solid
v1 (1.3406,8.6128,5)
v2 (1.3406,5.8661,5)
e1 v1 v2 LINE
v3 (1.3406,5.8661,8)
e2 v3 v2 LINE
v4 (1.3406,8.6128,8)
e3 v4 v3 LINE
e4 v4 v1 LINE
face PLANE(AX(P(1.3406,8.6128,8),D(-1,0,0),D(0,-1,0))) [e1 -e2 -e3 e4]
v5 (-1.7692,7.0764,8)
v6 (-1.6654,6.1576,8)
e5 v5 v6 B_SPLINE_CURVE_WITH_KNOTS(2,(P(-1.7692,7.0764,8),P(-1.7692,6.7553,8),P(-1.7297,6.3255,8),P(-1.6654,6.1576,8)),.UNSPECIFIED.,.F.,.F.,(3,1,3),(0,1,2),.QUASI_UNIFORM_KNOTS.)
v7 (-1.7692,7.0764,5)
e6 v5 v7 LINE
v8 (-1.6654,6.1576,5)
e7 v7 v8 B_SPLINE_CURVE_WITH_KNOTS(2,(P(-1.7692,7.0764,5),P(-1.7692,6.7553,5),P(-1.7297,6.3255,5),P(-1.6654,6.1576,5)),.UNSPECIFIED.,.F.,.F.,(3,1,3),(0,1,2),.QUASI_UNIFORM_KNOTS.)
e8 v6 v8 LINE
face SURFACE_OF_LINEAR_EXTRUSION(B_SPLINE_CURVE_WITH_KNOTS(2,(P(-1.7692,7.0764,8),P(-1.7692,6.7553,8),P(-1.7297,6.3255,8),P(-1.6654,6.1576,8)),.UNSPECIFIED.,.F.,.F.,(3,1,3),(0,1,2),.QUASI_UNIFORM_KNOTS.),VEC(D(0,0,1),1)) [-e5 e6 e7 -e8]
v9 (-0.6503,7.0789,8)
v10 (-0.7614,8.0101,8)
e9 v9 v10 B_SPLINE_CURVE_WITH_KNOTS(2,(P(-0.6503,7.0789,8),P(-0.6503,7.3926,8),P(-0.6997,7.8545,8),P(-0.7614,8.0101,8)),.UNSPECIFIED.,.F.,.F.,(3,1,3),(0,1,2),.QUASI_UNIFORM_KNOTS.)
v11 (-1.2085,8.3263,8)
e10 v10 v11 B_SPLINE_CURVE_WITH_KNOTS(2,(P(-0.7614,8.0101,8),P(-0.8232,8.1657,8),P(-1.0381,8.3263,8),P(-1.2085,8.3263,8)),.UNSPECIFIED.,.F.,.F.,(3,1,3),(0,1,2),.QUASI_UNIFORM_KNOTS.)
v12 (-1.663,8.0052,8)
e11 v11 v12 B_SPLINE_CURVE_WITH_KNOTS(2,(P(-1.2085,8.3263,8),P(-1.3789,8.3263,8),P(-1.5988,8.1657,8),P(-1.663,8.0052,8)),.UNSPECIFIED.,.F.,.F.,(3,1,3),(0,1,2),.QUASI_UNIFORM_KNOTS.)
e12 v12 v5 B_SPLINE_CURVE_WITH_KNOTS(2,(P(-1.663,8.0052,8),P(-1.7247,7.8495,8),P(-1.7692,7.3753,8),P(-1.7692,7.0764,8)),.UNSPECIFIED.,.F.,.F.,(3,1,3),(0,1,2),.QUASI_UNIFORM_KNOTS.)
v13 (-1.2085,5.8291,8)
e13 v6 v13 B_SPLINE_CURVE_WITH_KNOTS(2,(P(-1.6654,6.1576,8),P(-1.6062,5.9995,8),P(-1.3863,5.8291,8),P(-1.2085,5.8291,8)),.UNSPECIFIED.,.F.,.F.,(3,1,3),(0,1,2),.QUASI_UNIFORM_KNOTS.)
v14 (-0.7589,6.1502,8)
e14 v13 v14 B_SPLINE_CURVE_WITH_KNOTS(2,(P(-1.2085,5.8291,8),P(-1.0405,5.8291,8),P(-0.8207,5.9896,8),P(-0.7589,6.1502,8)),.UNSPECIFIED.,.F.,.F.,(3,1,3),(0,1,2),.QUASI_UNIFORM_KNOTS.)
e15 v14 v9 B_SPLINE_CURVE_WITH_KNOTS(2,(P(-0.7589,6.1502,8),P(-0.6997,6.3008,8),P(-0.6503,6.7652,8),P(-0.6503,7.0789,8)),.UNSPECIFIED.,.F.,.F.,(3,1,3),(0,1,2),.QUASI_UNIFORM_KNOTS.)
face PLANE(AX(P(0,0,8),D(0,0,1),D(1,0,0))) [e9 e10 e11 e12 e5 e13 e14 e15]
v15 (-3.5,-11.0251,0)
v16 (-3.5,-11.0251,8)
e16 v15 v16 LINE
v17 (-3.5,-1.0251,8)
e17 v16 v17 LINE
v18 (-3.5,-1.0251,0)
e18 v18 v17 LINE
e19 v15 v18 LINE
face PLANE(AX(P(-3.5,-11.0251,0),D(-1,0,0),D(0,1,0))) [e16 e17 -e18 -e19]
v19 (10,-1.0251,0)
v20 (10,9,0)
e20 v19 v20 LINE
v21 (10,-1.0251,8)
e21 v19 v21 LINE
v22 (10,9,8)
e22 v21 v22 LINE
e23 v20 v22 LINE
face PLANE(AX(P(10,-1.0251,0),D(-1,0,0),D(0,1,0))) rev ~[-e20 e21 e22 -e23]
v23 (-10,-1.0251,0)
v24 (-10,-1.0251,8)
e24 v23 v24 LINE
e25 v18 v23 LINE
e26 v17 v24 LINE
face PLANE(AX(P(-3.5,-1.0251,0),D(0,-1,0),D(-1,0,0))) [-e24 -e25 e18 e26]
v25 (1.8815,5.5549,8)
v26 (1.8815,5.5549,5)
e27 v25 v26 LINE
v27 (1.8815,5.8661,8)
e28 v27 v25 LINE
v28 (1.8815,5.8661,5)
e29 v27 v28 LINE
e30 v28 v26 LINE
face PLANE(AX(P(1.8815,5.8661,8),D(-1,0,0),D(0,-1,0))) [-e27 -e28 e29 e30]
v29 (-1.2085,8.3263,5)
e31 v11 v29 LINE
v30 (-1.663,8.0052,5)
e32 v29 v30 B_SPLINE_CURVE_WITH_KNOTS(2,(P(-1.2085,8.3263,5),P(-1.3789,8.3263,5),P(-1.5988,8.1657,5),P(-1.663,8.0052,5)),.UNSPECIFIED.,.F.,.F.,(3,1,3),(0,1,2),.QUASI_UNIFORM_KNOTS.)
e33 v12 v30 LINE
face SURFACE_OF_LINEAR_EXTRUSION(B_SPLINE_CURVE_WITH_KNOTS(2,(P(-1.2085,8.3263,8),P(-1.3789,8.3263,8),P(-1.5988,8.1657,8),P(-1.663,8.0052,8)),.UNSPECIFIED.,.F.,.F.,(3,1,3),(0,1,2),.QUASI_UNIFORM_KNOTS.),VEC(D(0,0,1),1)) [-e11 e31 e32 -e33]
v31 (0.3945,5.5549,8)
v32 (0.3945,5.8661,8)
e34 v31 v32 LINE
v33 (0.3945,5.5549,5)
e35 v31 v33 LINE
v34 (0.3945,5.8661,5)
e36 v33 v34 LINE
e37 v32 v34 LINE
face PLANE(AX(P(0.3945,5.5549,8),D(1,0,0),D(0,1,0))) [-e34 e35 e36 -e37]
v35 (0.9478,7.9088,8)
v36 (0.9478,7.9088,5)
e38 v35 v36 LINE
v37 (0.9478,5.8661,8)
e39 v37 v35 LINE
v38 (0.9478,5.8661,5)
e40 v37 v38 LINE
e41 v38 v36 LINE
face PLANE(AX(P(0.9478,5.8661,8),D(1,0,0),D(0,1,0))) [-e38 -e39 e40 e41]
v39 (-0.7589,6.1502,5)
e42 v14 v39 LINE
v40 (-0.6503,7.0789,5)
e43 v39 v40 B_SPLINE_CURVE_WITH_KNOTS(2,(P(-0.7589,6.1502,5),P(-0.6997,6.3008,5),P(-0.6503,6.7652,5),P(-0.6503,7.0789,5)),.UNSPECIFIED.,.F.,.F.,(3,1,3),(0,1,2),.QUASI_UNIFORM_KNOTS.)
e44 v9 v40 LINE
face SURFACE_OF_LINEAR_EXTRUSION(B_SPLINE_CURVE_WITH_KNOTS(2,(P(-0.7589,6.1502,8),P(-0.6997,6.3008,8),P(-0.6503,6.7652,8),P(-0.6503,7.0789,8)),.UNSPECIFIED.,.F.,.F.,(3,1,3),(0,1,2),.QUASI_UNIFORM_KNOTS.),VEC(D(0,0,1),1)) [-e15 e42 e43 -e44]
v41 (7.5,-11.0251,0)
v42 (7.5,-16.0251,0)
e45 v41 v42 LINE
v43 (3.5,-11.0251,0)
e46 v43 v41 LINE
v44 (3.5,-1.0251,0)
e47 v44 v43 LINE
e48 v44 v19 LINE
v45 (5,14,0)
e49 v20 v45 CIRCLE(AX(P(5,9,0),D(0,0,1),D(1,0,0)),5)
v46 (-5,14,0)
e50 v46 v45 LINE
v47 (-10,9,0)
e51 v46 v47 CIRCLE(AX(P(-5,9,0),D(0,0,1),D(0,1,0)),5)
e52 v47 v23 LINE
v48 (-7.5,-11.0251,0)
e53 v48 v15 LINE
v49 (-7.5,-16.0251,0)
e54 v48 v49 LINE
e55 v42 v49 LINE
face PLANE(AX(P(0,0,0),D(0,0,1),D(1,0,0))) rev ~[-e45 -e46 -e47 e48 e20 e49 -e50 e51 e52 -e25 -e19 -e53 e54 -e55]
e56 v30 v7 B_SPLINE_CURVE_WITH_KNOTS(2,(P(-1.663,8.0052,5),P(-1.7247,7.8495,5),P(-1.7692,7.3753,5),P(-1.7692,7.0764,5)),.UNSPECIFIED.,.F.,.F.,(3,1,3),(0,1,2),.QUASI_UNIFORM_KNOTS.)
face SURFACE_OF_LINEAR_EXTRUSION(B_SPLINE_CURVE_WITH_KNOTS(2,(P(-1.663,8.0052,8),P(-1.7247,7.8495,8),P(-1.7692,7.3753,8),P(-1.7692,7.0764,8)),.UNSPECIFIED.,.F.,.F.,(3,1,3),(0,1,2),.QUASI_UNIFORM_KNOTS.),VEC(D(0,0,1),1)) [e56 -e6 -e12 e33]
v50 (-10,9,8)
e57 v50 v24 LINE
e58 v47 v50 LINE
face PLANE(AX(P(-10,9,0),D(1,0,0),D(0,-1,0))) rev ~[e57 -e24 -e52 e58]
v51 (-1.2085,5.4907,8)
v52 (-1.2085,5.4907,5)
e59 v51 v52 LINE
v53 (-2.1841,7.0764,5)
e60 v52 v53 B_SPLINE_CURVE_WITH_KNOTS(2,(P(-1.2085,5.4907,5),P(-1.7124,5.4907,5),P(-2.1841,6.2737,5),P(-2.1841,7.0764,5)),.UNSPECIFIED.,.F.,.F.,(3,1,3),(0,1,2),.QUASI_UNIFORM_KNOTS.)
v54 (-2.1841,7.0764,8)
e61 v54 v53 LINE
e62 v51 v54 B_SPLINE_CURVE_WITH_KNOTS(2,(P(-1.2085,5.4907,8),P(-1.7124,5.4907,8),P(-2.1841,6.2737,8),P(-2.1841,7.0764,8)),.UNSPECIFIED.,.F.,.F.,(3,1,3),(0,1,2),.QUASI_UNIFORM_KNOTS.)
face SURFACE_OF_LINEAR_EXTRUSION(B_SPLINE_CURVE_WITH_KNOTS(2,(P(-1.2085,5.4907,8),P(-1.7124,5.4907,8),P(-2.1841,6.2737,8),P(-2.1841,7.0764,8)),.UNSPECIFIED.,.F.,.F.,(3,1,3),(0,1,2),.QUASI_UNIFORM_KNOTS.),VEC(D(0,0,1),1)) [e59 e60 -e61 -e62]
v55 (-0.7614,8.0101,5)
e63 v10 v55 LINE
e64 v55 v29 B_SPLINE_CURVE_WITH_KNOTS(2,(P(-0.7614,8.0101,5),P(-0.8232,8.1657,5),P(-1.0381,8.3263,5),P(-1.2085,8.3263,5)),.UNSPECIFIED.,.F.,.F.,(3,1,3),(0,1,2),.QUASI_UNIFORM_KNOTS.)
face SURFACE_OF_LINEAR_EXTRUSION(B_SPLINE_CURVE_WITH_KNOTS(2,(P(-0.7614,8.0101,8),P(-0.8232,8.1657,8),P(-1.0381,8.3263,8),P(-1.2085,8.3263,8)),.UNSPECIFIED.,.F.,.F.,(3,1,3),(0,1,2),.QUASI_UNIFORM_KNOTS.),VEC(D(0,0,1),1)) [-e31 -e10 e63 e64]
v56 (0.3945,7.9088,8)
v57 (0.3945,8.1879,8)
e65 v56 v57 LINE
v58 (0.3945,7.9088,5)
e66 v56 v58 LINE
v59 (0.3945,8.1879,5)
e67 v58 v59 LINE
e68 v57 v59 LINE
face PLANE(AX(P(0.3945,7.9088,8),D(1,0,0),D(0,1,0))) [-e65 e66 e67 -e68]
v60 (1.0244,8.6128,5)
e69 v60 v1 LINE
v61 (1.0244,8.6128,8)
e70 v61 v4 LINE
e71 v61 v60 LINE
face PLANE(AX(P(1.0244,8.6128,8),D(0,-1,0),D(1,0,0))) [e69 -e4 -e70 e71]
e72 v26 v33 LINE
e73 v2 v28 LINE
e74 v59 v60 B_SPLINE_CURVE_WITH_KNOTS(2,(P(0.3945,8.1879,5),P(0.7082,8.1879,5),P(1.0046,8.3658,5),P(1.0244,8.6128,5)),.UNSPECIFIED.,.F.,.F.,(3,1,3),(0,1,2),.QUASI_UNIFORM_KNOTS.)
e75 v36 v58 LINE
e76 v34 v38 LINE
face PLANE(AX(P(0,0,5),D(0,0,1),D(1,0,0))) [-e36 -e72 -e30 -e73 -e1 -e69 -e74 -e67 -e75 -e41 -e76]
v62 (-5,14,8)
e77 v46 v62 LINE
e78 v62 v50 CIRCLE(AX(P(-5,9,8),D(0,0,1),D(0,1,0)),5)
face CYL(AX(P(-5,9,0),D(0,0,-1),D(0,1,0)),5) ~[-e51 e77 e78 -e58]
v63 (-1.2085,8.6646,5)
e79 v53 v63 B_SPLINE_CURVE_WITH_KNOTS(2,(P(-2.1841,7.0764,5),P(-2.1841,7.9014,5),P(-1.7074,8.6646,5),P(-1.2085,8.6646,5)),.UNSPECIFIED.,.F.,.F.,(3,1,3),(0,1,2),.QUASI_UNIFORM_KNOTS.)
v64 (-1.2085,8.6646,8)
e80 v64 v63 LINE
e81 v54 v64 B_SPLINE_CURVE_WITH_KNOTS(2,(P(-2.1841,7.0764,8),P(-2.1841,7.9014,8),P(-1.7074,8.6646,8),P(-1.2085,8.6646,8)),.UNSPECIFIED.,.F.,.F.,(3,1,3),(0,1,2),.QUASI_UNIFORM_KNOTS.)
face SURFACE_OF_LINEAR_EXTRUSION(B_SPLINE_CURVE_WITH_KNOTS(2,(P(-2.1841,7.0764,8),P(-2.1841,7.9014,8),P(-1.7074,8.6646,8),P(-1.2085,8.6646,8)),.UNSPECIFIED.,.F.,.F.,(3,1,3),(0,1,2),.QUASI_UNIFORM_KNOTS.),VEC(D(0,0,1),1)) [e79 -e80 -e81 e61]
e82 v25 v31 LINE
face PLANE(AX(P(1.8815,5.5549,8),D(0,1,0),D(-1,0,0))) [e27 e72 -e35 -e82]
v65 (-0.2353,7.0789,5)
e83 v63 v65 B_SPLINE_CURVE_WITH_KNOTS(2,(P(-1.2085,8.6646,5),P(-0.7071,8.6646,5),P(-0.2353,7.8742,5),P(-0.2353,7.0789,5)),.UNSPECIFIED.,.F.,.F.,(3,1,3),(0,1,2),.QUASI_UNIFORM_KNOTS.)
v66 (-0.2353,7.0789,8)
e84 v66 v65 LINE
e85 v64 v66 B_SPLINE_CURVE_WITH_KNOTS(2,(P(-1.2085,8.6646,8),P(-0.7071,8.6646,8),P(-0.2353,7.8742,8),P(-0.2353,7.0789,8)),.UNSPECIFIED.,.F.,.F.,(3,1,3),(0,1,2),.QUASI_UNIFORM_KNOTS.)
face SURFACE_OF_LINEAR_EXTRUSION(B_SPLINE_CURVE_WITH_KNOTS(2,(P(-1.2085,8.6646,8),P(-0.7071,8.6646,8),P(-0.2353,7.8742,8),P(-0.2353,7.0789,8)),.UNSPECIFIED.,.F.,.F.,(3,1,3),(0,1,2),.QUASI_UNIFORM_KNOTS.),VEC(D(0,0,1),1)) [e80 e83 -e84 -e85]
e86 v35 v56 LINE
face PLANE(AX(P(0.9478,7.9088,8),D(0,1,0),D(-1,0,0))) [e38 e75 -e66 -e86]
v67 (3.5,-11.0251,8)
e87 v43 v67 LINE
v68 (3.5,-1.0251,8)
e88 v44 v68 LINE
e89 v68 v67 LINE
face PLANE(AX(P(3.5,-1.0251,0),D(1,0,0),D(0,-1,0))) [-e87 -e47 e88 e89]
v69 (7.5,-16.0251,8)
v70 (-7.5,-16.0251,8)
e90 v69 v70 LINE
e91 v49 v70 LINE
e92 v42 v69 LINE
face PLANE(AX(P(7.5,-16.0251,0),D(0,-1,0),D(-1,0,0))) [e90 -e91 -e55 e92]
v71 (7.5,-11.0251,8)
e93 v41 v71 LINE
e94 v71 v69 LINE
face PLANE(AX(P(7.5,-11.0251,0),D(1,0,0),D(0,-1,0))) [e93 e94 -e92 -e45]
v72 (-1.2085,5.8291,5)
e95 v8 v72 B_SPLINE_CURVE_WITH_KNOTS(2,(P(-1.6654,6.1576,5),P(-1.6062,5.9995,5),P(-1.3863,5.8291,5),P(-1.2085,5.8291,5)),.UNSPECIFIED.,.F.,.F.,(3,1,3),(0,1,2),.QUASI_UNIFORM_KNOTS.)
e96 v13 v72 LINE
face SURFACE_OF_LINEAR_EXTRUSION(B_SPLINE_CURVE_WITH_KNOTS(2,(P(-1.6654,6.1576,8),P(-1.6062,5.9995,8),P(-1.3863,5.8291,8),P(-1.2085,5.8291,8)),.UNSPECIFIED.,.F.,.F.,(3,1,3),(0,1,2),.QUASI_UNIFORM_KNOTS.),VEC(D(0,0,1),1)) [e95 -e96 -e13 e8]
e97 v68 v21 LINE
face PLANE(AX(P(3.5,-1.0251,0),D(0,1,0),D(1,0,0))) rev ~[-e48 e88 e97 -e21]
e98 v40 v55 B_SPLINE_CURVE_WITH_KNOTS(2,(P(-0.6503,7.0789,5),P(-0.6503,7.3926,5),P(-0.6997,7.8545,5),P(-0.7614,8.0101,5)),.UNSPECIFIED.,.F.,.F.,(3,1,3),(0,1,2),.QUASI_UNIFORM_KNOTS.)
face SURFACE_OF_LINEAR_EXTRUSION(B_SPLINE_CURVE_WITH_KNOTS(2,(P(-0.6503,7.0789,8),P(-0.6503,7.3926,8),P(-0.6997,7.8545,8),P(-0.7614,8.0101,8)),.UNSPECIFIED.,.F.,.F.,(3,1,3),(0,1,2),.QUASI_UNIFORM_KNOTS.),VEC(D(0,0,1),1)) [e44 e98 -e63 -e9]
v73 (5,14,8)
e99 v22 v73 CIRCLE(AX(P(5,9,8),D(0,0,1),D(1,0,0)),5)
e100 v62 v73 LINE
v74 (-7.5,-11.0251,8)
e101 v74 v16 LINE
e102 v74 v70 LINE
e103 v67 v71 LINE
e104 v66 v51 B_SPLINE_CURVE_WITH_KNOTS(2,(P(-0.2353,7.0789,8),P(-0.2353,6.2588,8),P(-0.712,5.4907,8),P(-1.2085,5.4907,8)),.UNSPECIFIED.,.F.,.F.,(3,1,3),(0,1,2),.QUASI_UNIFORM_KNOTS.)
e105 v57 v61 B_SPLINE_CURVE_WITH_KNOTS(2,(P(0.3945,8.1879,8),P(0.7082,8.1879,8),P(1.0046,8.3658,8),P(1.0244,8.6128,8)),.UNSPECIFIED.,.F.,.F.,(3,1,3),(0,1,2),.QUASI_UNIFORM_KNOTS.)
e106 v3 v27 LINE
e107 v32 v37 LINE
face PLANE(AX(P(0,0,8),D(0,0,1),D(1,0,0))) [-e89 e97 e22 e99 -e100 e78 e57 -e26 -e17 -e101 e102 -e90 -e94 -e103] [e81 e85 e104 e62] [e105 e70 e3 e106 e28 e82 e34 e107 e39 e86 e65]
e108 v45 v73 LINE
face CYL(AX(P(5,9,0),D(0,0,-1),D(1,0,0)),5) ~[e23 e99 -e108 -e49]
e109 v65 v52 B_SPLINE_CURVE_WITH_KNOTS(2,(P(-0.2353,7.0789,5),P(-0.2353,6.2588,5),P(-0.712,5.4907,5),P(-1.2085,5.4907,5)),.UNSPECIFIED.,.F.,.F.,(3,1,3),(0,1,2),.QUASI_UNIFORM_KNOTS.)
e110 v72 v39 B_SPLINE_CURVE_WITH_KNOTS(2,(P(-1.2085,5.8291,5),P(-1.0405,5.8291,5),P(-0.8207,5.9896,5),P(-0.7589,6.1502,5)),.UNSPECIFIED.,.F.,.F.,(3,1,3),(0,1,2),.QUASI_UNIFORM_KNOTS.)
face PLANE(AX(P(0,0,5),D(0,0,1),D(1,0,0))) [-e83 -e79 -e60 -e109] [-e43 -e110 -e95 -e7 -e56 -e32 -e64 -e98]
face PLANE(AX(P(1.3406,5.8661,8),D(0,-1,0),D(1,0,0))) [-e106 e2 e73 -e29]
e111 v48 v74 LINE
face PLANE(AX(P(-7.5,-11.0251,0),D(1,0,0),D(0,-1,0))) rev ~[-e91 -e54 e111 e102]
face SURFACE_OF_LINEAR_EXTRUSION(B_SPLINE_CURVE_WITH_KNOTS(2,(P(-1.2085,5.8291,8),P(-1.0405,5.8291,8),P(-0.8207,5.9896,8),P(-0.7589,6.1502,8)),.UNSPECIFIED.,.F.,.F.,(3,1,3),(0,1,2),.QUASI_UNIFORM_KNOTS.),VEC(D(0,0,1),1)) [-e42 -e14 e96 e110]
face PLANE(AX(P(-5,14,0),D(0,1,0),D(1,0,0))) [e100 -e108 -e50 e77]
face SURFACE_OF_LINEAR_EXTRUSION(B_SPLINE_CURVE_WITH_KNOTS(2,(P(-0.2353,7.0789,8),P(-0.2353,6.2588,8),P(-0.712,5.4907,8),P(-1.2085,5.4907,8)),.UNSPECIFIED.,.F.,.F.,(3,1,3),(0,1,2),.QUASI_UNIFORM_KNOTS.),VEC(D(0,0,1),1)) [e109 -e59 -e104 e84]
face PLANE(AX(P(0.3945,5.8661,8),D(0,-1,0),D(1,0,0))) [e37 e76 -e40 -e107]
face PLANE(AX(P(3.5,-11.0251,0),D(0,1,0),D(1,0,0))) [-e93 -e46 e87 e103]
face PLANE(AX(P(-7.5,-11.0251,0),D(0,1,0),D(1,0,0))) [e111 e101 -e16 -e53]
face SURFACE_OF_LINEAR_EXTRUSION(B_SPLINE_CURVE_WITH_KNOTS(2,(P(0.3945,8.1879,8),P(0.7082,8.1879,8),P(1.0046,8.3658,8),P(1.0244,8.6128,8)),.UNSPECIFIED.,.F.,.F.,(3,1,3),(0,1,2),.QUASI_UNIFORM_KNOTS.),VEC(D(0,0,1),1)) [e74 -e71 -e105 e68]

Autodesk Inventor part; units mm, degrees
ref_plane "YZ Plane" through (0, 0, 0) normal (1, 0, 0) x (0, 1, 0)
ref_plane "XZ Plane" through (0, 0, 0) normal (0, 1, 0) x (-1, 0, 0)
ref_plane "XY Plane" through (0, 0, 0) normal (0, 0, 1) x (1, 0, 0)
sketch "스케치1" plane through (0, 0, 0) normal (0, 0, 1) x (1, 0, 0)
  line L0 (-5, 14) -> (5, 14)
  line L1 (7.5, -16.0251) -> (-7.5, -16.0251)
  line L2 (-7.5, -11.0251) -> (-7.5, -16.0251)
  line L3 (3.5, -1.0251) -> (3.5, -11.0251)
  line L4 (-3.5, -11.0251) -> (-3.5, -1.0251)
  line L5 (7.5, -11.0251) -> (7.5, -16.0251)
  line L6 (-3.5, -1.0251) -> (-10, -1.0251)
  line L7 (-3.5, -1.0251) -> (3, -1.0251) construction
  line L8 (3.5, -1.0251) -> (10, -1.0251)
  line L9 (3.5, -1.0251) -> (10, -1.0251) construction
  line L10 (-10, 9) -> (-10, -1.0251)
  line L11 (10, -1.0251) -> (10, 9)
  line L12 (-7.5, -11.0251) -> (-3.5, -11.0251)
  line L13 (3.5, -11.0251) -> (7.5, -11.0251)
  arc A0 (-5, 14) -> (-10, 9) centre (-5, 9) ccw
  arc A1 (10, 9) -> (5, 14) centre (5, 9) ccw
  point P0 (0, 0)
  point P1 (-10, 14)
  point P2 (10, 14)
  dimension "d2" = 20
  dimension "d5" = 15
  dimension "d7" = 7.5
  dimension "d12" = 7
  dimension "d13" = 3.5
  dimension "d14" = 180
  dimension "d15" = 0
  dimension "d16" = 5
  dimension "d17" = 5
  dimension "d18" = 10
sketch "스케치2" plane through (0, 0, 0) normal (0, 0, 1) x (1, 0, 0)
  line L0 (10, -1) -> (3.4836, -1)
  point P0 (0, 0)
sketch "스케치3" plane through (0, 0, 0) normal (0, 0, 1) x (1, 0, 0)
  point P0 (0, 0)
extrude "돌출1" add sketch "스케치1" along normal blind 8
sketch "스케치4" plane through (0, 0, 8) normal (0, 0, 1) x (1, 0, 0)
  line L0 (-2.3546, 8.6646) -> (2.2199, 8.6646) construction
  line L1 (2.2199, 8.6646) -> (2.2199, 5.4907) construction
  line L2 (2.2199, 5.4907) -> (-2.3546, 5.4907) construction
  line L3 (-2.3546, 5.4907) -> (-2.3546, 8.6646) construction
  spline S0 degree 2 poles (-0.2353, 7.0789) (-0.2353, 6.2588) (-0.712, 5.4907) (-1.2085, 5.4907) knots 0 0 0 1 2 2 2
  spline S1 degree 2 poles (-1.2085, 5.4907) (-1.7124, 5.4907) (-2.1841, 6.2737) (-2.1841, 7.0764) knots 0 0 0 1 2 2 2
  spline S2 degree 2 poles (-2.1841, 7.0764) (-2.1841, 7.9014) (-1.7074, 8.6646) (-1.2085, 8.6646) knots 0 0 0 1 2 2 2
  spline S3 degree 2 poles (-1.2085, 8.6646) (-0.7071, 8.6646) (-0.2353, 7.8742) (-0.2353, 7.0789) knots 0 0 0 1 2 2 2
  spline S4 degree 2 poles (-0.7589, 6.1502) (-0.6997, 6.3008) (-0.6503, 6.7652) (-0.6503, 7.0789) knots 0 0 0 1 2 2 2
  spline S5 degree 2 poles (-0.6503, 7.0789) (-0.6503, 7.3926) (-0.6997, 7.8545) (-0.7614, 8.0101) knots 0 0 0 1 2 2 2
  spline S6 degree 2 poles (-0.7614, 8.0101) (-0.8232, 8.1657) (-1.0381, 8.3263) (-1.2085, 8.3263) knots 0 0 0 1 2 2 2
  spline S7 degree 2 poles (-1.2085, 8.3263) (-1.3789, 8.3263) (-1.5988, 8.1657) (-1.663, 8.0052) knots 0 0 0 1 2 2 2
  spline S8 degree 2 poles (-1.663, 8.0052) (-1.7247, 7.8495) (-1.7692, 7.3753) (-1.7692, 7.0764) knots 0 0 0 1 2 2 2
  spline S9 degree 2 poles (-1.7692, 7.0764) (-1.7692, 6.7553) (-1.7297, 6.3255) (-1.6654, 6.1576) knots 0 0 0 1 2 2 2
  spline S10 degree 2 poles (-1.6654, 6.1576) (-1.6062, 5.9995) (-1.3863, 5.8291) (-1.2085, 5.8291) knots 0 0 0 1 2 2 2
  spline S11 degree 2 poles (-1.2085, 5.8291) (-1.0405, 5.8291) (-0.8207, 5.9896) (-0.7589, 6.1502) knots 0 0 0 1 2 2 2
  line L4 (1.8815, 5.5549) -> (0.3945, 5.5549)
  line L5 (0.3945, 5.5549) -> (0.3945, 5.8661)
  line L6 (0.3945, 5.8661) -> (0.9478, 5.8661)
  line L7 (0.9478, 5.8661) -> (0.9478, 7.9088)
  line L8 (0.9478, 7.9088) -> (0.3945, 7.9088)
  line L9 (0.3945, 7.9088) -> (0.3945, 8.1879)
  spline S12 degree 2 poles (0.3945, 8.1879) (0.7082, 8.1879) (1.0046, 8.3658) (1.0244, 8.6128) knots 0 0 0 1 2 2 2
  line L10 (1.0244, 8.6128) -> (1.3406, 8.6128)
  line L11 (1.3406, 8.6128) -> (1.3406, 5.8661)
  line L12 (1.3406, 5.8661) -> (1.8815, 5.8661)
  line L13 (1.8815, 5.8661) -> (1.8815, 5.5549)
  point P0 (0, 0)
extrude "돌출2" cut sketch "스케치4" against normal blind 3
properties part number "01_02"
